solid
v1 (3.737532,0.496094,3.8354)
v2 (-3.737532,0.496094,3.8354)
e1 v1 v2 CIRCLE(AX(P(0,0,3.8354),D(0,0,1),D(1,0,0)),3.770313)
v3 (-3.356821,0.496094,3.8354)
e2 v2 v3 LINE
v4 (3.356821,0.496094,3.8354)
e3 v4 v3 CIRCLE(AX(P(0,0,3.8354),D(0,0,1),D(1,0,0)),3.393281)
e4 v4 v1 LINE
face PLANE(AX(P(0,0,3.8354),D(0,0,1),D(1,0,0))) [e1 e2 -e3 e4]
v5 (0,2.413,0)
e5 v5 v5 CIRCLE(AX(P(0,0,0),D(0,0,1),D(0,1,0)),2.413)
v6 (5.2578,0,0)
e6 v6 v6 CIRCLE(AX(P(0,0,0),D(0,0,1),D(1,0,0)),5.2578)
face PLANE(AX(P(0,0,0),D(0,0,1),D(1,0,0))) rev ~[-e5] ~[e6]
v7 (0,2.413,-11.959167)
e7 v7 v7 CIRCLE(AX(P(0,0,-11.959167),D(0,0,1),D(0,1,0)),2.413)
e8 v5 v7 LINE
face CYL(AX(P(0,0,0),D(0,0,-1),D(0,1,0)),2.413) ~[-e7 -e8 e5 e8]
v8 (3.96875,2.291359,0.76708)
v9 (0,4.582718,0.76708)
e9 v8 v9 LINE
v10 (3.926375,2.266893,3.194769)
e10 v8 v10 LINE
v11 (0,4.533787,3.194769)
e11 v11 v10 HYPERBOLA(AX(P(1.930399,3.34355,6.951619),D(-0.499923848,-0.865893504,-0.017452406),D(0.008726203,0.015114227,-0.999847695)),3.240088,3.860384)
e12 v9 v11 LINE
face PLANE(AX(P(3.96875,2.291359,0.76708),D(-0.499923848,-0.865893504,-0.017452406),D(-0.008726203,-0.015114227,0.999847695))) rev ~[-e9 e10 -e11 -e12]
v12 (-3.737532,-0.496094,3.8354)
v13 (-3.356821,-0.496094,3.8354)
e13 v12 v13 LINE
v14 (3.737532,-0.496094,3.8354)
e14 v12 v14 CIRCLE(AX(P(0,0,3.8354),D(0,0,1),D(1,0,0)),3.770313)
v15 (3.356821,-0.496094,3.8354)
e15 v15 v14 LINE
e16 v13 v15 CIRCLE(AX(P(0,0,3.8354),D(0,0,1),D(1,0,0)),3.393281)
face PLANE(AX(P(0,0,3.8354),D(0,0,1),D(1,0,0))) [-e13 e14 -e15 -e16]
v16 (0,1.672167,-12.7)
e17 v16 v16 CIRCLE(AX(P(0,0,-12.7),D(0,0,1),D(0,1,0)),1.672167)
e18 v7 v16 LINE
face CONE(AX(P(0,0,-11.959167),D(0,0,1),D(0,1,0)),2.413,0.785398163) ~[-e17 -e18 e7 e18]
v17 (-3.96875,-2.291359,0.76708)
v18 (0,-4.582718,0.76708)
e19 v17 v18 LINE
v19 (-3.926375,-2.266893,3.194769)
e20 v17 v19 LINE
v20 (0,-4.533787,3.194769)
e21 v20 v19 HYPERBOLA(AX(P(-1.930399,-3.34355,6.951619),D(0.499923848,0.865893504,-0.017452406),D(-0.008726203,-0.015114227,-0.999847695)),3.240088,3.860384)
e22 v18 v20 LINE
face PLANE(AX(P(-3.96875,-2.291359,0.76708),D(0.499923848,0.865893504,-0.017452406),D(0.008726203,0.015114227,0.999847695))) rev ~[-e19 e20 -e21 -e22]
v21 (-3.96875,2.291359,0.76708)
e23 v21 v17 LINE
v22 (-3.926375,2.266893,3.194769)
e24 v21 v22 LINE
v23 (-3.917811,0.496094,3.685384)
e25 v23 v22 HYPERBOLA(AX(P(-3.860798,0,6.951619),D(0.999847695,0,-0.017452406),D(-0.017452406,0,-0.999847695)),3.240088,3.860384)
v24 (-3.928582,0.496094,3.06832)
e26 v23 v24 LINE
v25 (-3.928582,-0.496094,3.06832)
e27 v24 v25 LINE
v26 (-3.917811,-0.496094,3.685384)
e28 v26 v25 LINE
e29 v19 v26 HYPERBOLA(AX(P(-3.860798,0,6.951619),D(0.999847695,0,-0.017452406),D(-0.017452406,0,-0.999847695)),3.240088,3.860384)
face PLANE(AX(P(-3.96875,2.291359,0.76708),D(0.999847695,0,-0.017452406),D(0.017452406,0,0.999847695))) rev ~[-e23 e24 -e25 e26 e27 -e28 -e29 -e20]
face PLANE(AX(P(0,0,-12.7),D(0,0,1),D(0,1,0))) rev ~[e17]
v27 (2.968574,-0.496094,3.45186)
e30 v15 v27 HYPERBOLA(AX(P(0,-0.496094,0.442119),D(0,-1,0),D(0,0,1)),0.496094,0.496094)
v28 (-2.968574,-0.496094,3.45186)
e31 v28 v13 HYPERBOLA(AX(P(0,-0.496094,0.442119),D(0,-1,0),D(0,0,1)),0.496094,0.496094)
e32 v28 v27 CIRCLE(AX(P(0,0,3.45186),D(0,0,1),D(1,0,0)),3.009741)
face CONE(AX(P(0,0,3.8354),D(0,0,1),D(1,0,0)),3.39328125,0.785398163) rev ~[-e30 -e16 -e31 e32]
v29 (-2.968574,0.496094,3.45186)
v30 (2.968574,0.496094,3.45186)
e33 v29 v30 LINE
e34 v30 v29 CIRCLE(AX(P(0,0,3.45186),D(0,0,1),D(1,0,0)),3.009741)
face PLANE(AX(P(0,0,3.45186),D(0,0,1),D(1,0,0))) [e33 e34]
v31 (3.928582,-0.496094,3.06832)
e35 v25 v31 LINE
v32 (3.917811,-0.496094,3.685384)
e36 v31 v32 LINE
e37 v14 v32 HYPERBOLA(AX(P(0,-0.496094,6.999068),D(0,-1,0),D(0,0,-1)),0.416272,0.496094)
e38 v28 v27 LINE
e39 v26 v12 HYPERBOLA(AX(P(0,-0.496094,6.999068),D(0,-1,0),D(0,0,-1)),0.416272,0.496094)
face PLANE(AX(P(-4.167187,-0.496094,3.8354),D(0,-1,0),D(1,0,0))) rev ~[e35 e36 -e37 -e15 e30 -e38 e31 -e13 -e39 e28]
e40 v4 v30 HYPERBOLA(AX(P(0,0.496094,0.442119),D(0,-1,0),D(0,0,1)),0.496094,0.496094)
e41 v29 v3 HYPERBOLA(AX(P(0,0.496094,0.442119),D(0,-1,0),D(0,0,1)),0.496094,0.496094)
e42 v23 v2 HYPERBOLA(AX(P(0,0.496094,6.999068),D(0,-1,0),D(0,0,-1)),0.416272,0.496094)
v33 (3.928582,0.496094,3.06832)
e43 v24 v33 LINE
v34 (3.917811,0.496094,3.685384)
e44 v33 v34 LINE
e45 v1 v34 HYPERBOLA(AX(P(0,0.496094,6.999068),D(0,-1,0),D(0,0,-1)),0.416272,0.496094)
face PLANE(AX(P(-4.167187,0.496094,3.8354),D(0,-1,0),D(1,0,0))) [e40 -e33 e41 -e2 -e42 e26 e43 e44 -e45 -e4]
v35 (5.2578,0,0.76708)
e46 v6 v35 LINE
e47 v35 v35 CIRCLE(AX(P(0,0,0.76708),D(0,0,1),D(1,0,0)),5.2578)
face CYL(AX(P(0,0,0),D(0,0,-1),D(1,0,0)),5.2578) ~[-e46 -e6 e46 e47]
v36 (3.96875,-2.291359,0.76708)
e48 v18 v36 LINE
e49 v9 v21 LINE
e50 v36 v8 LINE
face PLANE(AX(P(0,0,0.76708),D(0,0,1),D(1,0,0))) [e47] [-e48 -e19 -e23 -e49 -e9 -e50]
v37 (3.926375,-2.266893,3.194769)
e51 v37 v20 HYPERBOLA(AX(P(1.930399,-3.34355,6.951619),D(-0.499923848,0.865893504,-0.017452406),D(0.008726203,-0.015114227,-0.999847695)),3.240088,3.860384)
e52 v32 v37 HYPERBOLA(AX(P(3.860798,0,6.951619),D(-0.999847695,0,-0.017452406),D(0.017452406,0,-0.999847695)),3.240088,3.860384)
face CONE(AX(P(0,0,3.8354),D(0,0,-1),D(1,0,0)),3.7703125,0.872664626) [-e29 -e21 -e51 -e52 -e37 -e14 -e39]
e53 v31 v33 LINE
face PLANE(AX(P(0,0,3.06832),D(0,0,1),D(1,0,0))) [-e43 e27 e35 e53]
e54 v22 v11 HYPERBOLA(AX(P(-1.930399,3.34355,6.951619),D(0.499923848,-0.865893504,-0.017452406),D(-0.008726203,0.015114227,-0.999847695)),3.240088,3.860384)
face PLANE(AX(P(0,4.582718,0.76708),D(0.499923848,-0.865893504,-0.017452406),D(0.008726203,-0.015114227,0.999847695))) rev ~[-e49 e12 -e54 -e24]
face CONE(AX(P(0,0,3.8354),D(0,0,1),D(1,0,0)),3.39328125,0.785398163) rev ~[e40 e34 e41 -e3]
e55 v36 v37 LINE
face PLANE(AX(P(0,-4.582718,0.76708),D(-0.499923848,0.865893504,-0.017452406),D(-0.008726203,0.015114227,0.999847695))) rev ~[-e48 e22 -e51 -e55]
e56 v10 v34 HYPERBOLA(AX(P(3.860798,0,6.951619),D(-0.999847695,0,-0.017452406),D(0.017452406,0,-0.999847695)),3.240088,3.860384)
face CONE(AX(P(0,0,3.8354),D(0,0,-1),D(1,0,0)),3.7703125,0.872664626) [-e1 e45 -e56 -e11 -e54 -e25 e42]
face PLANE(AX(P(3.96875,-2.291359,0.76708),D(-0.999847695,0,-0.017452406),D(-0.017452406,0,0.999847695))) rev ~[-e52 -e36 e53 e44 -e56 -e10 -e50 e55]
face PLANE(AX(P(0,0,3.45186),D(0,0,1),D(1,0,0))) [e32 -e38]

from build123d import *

# Parameters (mm, degrees)
SKETCH3_R           = 5.2578
BOSS_EXTRUDE1_DEPTH = 0.76708
BOSS_EXTRUDE2_DEPTH = 3.06832
BOSS_EXTRUDE2_TAPER = 1
SKETCH5_OUTSIDE_W   = 62.562
SKETCH5_OUTSIDE_H   = 62.562
SKETCH5_OUTSIDE_R   = 3.7703125
CUT_EXTRUDE1_DEPTH  = 19.130316457
CUT_EXTRUDE1_DRAFT  = -50
SKETCH6_R           = 3.39328125
CUT_EXTRUDE2_DEPTH  = 0.38354
CUT_EXTRUDE2_DRAFT  = -45
CUT_EXTRUDE3_START  = 3.8354
SKETCH10_W          = 8.334375
SKETCH10_H          = 0.9921875
CUT_EXTRUDE3_DEPTH  = 0.76708


with BuildPart() as part:
    # Sketch2 → Revolve1 (revolve)
    with BuildSketch(Plane(origin=(0, 0, 0), x_dir=(0, 0, -1), z_dir=(1, 0, 0))):
        Polygon((0, 0), (0, 2.413), (11.959166667, 2.413), (12.7, 1.672166667), (12.7, 0), align=None)
    revolve(axis=Axis((0, 0, -12.7), (0, 0, 1)))

    # Sketch3 → Boss-Extrude1 (add)
    with BuildSketch(Plane.XY):
        Circle(SKETCH3_R)
    extrude(amount=BOSS_EXTRUDE1_DEPTH)

    # Sketch4 → Boss-Extrude2 (add)
    with BuildSketch(Plane.XY.offset(0.76708)):
        Polygon((-3.96875, 2.291358881), (-3.96875, -2.291358881), (0, -4.582717762), (3.96875, -2.291358881), (3.96875, 2.291358881), (0, 4.582717762), align=None)
    extrude(amount=BOSS_EXTRUDE2_DEPTH, taper=BOSS_EXTRUDE2_TAPER)


with BuildPart() as cut_extrude1_tool:
    # Sketch5 outside → Cut-Extrude1 (with draft: the straight prism first)
    with BuildSketch(Plane.XY.offset(3.8354)):
        Rectangle(SKETCH5_OUTSIDE_W, SKETCH5_OUTSIDE_H)
        Circle(SKETCH5_OUTSIDE_R, mode=Mode.SUBTRACT)
    extrude(amount=-CUT_EXTRUDE1_DEPTH)
    # Cut-Extrude1: the draft: its side faces are tilted about the plane it starts from
    cut_extrude1_sides = [cut_extrude1_tool.faces().sort_by_distance(p)[0] for p in [
        (0, -31.281, -5.729758229),
        (31.281, 0, -5.729758229),
        (0, 31.281, -5.729758229),
        (-31.281, 0, -5.729758229),
        (-3.7703125, 0, -5.729758229),
    ]]
    draft(cut_extrude1_sides, Plane.XY.offset(3.8354), CUT_EXTRUDE1_DRAFT)


with BuildPart() as part_1:
    add(part.part)

    # Cut-Extrude1: cut by cut_extrude1_tool
    add(cut_extrude1_tool.part, mode=Mode.SUBTRACT)


with BuildPart() as cut_extrude2_tool:
    # Sketch6 → Cut-Extrude2 (with draft: the straight prism first)
    with BuildSketch(Plane.XY.offset(3.8354)):
        Circle(SKETCH6_R)
    extrude(amount=-CUT_EXTRUDE2_DEPTH)
    # Cut-Extrude2: the draft: its side faces are tilted about the plane it starts from
    cut_extrude2_sides = [cut_extrude2_tool.faces().sort_by_distance(p)[0] for p in [
        (-3.39328125, 0, 3.64363),
    ]]
    draft(cut_extrude2_sides, Plane.XY.offset(3.8354), CUT_EXTRUDE2_DRAFT)


with BuildPart() as part_2:
    add(part_1.part)

    # Cut-Extrude2: cut by cut_extrude2_tool
    add(cut_extrude2_tool.part, mode=Mode.SUBTRACT)

    # Sketch10 → Cut-Extrude3 (cut)
    with BuildSketch(Plane.XY.offset(CUT_EXTRUDE3_START)):
        Rectangle(SKETCH10_W, SKETCH10_H)
    extrude(amount=-CUT_EXTRUDE3_DEPTH, mode=Mode.SUBTRACT)


solid = part_2.part
